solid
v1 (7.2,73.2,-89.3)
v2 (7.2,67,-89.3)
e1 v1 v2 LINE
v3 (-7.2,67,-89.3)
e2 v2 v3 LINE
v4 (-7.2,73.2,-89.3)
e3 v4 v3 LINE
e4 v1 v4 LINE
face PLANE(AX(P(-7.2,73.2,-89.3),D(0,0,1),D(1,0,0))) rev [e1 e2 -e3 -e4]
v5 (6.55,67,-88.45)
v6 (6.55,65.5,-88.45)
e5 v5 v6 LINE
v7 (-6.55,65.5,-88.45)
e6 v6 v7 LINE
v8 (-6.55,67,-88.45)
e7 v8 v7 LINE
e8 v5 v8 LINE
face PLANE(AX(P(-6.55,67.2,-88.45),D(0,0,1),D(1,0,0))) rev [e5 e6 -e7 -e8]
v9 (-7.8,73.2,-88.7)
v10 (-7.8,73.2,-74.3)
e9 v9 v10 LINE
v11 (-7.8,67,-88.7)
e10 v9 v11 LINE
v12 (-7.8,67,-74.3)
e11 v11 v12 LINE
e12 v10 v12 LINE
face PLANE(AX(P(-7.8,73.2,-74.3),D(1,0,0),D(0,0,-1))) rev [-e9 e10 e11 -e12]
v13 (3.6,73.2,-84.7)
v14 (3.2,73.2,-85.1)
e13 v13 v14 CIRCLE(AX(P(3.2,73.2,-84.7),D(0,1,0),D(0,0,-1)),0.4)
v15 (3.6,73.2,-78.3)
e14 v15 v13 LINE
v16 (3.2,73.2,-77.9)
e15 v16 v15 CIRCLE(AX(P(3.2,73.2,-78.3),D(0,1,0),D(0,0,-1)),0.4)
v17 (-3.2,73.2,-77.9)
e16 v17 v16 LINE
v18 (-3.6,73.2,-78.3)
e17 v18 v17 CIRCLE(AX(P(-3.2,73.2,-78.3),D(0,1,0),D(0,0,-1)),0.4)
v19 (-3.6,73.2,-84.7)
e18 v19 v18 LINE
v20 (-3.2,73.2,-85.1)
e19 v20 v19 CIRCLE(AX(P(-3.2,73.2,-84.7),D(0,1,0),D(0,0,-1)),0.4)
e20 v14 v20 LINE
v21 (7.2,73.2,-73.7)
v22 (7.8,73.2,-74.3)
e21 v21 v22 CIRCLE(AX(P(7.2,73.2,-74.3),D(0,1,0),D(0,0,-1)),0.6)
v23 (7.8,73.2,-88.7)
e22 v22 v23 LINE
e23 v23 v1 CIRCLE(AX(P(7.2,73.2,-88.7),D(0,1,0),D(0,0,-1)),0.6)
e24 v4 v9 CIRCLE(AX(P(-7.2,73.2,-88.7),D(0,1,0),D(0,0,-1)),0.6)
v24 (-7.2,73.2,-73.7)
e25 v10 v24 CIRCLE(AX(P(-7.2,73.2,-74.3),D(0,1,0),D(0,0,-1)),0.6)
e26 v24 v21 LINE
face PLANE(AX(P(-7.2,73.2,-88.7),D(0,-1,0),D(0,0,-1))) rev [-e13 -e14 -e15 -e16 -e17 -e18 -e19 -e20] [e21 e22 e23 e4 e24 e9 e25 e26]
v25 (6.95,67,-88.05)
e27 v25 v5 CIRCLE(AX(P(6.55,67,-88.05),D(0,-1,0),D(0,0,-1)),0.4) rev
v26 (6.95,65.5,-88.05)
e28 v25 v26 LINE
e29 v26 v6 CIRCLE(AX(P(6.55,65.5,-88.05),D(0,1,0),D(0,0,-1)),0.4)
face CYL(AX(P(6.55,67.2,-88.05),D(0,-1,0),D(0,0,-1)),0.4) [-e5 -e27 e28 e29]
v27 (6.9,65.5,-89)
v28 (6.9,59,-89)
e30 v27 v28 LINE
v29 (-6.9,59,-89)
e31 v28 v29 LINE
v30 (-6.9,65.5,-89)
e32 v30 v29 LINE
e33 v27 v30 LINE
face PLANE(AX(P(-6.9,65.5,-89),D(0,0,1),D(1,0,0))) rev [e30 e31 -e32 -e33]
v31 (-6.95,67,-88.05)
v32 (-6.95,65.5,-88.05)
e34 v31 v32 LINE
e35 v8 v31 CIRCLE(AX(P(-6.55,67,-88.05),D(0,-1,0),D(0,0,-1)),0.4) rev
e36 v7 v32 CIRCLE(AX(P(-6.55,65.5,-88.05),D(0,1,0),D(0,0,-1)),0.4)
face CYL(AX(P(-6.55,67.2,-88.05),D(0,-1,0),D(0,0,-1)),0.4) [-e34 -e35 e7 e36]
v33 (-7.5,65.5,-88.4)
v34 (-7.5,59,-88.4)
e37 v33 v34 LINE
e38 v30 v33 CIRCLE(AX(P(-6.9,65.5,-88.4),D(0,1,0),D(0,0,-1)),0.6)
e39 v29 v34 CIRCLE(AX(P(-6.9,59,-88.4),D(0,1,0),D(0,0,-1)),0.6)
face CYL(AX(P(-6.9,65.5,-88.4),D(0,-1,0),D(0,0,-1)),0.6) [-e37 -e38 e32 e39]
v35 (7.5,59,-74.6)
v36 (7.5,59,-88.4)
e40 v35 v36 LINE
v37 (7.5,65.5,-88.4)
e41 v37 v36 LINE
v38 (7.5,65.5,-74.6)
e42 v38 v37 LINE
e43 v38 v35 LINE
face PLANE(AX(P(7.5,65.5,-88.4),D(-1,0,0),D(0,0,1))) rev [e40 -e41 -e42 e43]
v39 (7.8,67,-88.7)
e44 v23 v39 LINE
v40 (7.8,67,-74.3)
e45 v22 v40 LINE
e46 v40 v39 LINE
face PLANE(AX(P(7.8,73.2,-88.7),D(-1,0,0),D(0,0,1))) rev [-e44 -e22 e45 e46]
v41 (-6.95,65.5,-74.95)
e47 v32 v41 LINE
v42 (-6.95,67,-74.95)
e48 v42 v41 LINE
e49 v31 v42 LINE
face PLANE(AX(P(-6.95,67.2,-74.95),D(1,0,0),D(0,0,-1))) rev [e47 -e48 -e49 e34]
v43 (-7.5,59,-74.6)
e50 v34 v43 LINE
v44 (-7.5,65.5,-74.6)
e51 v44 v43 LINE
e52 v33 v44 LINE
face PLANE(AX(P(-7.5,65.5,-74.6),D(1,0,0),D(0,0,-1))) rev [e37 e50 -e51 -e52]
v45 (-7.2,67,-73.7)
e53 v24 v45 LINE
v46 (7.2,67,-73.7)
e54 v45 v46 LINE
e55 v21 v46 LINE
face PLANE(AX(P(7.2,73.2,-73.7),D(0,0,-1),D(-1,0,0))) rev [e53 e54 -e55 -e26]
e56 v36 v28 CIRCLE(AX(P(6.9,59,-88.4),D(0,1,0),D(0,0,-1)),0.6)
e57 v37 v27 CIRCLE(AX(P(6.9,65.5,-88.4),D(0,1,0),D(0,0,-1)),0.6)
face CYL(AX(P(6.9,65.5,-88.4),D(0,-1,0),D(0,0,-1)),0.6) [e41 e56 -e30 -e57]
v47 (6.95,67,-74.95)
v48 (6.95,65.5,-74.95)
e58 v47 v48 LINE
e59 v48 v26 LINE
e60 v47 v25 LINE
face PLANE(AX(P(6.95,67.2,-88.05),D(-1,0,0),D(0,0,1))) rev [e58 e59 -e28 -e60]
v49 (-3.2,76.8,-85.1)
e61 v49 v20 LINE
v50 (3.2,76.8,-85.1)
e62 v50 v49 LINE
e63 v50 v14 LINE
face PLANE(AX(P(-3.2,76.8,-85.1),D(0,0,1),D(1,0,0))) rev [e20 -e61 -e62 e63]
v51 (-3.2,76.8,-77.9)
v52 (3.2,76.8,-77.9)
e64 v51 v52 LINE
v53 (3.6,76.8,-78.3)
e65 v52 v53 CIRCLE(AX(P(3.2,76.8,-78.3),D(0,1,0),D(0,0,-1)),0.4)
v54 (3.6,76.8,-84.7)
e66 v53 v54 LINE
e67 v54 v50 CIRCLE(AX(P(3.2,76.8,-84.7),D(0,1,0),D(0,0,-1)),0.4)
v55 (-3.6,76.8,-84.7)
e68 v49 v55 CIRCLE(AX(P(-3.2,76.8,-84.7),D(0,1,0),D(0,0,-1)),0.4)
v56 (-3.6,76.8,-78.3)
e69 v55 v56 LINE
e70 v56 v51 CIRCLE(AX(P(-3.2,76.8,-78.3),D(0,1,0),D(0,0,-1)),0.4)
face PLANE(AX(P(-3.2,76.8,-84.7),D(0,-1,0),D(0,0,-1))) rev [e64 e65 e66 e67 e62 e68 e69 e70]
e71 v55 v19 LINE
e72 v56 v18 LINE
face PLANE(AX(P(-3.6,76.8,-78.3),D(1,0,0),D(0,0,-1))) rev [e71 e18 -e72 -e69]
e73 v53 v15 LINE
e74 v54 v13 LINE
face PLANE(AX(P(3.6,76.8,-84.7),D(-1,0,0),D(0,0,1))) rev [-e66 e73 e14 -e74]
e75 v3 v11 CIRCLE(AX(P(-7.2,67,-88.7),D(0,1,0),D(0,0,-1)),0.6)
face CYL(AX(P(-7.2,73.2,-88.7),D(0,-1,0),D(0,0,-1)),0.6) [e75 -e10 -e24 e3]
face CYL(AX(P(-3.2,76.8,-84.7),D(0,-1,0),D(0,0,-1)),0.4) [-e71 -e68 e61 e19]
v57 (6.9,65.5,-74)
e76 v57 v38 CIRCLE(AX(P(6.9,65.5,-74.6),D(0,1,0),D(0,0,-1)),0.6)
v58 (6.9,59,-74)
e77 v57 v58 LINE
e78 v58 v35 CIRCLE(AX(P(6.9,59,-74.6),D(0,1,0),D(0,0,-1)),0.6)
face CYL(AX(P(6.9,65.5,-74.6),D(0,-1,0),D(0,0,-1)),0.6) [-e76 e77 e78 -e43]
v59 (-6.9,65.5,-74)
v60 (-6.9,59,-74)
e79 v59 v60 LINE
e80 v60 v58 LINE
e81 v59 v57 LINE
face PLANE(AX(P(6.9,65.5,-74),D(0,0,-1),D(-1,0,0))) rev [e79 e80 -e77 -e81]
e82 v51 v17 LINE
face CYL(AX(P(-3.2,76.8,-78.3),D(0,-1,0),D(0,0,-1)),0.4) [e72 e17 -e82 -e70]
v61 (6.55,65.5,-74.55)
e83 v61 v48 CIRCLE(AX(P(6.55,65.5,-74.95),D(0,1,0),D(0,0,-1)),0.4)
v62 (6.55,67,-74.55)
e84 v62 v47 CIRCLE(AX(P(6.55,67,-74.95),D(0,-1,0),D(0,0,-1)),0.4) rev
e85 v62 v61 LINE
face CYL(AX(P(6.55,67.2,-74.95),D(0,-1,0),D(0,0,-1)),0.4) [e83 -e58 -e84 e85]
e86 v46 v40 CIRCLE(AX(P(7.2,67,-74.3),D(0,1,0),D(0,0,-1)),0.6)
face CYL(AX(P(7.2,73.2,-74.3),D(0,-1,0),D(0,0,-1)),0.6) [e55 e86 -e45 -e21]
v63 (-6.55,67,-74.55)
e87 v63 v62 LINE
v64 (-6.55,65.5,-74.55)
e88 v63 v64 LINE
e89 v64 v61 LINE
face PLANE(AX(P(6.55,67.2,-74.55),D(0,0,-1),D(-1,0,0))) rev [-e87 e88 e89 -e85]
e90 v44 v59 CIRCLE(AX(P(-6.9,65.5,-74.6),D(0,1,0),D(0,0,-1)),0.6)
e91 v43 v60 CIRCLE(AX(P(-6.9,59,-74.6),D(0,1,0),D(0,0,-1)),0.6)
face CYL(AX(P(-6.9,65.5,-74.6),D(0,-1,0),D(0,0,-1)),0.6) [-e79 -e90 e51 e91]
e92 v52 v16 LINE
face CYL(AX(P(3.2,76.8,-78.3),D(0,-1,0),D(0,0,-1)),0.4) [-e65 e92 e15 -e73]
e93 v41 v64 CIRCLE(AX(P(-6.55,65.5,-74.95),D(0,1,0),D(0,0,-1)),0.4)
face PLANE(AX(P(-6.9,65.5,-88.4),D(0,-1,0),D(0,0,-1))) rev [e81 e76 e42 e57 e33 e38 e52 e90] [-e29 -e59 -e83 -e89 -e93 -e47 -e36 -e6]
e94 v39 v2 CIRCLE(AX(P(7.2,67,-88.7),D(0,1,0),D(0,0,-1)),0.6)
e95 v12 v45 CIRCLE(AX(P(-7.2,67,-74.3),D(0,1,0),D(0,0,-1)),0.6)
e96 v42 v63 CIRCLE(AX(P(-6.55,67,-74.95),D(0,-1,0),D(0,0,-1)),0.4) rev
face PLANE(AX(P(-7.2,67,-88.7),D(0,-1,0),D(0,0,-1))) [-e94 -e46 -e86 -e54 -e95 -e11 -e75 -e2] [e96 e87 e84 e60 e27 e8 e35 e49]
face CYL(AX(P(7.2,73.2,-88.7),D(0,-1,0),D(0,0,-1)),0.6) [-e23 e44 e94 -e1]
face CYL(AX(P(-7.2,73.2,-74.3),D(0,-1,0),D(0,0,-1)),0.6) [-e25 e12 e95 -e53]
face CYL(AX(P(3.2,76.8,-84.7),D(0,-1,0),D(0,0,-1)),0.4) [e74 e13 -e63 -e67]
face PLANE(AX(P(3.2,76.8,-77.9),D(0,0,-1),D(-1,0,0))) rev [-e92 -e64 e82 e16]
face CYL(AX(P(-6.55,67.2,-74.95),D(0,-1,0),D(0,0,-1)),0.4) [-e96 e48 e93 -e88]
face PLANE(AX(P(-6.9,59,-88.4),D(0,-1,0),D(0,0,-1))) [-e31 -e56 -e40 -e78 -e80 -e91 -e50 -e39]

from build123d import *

# Parameters (mm, degrees)
UPPER_START = 67
UPPER_DEPTH = 6.2
NECK_START  = 65.5
NECK_DEPTH  = 1.7
BODY_START  = 59
BODY_DEPTH  = 6.5
STEM_START  = 73.2
STEM_DEPTH  = 3.6


with BuildPart() as part:
    # Sketch1 → Upper (new body)
    with BuildSketch(Plane(origin=(0, 0, 0), x_dir=(1, 0, 0), z_dir=(0, 1, 0)).offset(UPPER_START)):
        with BuildLine():
            Line((-7.2, 89.3), (7.2, 89.3))
            ThreePointArc((7.2, 89.3), (7.624264069, 89.124264069), (7.8, 88.7))
            Line((7.8, 88.7), (7.8, 74.3))
            ThreePointArc((7.8, 74.3), (7.624264069, 73.875735931), (7.2, 73.7))
            Line((7.2, 73.7), (-7.2, 73.7))
            ThreePointArc((-7.2, 73.7), (-7.624264069, 73.875735931), (-7.8, 74.3))
            Line((-7.8, 74.3), (-7.8, 88.7))
            ThreePointArc((-7.8, 88.7), (-7.624264069, 89.124264069), (-7.2, 89.3))
        make_face()
    extrude(amount=UPPER_DEPTH)

    # Sketch2 → Neck (add)
    with BuildSketch(Plane(origin=(0, 0, 0), x_dir=(1, 0, 0), z_dir=(0, 1, 0)).offset(NECK_START)):
        with BuildLine():
            Line((-6.55, 88.45), (6.55, 88.45))
            ThreePointArc((6.55, 88.45), (6.832842712, 88.332842712), (6.95, 88.05))
            Line((6.95, 88.05), (6.95, 74.95))
            ThreePointArc((6.95, 74.95), (6.832842712, 74.667157288), (6.55, 74.55))
            Line((6.55, 74.55), (-6.55, 74.55))
            ThreePointArc((-6.55, 74.55), (-6.832842712, 74.667157288), (-6.95, 74.95))
            Line((-6.95, 74.95), (-6.95, 88.05))
            ThreePointArc((-6.95, 88.05), (-6.832842712, 88.332842712), (-6.55, 88.45))
        make_face()
    extrude(amount=NECK_DEPTH)

    # Sketch3 → Body (add)
    with BuildSketch(Plane(origin=(0, 0, 0), x_dir=(1, 0, 0), z_dir=(0, 1, 0)).offset(BODY_START)):
        with BuildLine():
            Line((-6.9, 89), (6.9, 89))
            ThreePointArc((6.9, 89), (7.324264069, 88.824264069), (7.5, 88.4))
            Line((7.5, 88.4), (7.5, 74.6))
            ThreePointArc((7.5, 74.6), (7.324264069, 74.175735931), (6.9, 74))
            Line((6.9, 74), (-6.9, 74))
            ThreePointArc((-6.9, 74), (-7.324264069, 74.175735931), (-7.5, 74.6))
            Line((-7.5, 74.6), (-7.5, 88.4))
            ThreePointArc((-7.5, 88.4), (-7.324264069, 88.824264069), (-6.9, 89))
        make_face()
    extrude(amount=BODY_DEPTH)

    # Sketch4 → Stem (add)
    with BuildSketch(Plane(origin=(0, 0, 0), x_dir=(1, 0, 0), z_dir=(0, 1, 0)).offset(STEM_START)):
        with BuildLine():
            Line((-3.2, 85.1), (3.2, 85.1))
            ThreePointArc((3.2, 85.1), (3.482842712, 84.982842712), (3.6, 84.7))
            Line((3.6, 84.7), (3.6, 78.3))
            ThreePointArc((3.6, 78.3), (3.482842712, 78.017157288), (3.2, 77.9))
            Line((3.2, 77.9), (-3.2, 77.9))
            ThreePointArc((-3.2, 77.9), (-3.482842712, 78.017157288), (-3.6, 78.3))
            Line((-3.6, 78.3), (-3.6, 84.7))
            ThreePointArc((-3.6, 84.7), (-3.482842712, 84.982842712), (-3.2, 85.1))
        make_face()
    extrude(amount=STEM_DEPTH)


solid = part.part
